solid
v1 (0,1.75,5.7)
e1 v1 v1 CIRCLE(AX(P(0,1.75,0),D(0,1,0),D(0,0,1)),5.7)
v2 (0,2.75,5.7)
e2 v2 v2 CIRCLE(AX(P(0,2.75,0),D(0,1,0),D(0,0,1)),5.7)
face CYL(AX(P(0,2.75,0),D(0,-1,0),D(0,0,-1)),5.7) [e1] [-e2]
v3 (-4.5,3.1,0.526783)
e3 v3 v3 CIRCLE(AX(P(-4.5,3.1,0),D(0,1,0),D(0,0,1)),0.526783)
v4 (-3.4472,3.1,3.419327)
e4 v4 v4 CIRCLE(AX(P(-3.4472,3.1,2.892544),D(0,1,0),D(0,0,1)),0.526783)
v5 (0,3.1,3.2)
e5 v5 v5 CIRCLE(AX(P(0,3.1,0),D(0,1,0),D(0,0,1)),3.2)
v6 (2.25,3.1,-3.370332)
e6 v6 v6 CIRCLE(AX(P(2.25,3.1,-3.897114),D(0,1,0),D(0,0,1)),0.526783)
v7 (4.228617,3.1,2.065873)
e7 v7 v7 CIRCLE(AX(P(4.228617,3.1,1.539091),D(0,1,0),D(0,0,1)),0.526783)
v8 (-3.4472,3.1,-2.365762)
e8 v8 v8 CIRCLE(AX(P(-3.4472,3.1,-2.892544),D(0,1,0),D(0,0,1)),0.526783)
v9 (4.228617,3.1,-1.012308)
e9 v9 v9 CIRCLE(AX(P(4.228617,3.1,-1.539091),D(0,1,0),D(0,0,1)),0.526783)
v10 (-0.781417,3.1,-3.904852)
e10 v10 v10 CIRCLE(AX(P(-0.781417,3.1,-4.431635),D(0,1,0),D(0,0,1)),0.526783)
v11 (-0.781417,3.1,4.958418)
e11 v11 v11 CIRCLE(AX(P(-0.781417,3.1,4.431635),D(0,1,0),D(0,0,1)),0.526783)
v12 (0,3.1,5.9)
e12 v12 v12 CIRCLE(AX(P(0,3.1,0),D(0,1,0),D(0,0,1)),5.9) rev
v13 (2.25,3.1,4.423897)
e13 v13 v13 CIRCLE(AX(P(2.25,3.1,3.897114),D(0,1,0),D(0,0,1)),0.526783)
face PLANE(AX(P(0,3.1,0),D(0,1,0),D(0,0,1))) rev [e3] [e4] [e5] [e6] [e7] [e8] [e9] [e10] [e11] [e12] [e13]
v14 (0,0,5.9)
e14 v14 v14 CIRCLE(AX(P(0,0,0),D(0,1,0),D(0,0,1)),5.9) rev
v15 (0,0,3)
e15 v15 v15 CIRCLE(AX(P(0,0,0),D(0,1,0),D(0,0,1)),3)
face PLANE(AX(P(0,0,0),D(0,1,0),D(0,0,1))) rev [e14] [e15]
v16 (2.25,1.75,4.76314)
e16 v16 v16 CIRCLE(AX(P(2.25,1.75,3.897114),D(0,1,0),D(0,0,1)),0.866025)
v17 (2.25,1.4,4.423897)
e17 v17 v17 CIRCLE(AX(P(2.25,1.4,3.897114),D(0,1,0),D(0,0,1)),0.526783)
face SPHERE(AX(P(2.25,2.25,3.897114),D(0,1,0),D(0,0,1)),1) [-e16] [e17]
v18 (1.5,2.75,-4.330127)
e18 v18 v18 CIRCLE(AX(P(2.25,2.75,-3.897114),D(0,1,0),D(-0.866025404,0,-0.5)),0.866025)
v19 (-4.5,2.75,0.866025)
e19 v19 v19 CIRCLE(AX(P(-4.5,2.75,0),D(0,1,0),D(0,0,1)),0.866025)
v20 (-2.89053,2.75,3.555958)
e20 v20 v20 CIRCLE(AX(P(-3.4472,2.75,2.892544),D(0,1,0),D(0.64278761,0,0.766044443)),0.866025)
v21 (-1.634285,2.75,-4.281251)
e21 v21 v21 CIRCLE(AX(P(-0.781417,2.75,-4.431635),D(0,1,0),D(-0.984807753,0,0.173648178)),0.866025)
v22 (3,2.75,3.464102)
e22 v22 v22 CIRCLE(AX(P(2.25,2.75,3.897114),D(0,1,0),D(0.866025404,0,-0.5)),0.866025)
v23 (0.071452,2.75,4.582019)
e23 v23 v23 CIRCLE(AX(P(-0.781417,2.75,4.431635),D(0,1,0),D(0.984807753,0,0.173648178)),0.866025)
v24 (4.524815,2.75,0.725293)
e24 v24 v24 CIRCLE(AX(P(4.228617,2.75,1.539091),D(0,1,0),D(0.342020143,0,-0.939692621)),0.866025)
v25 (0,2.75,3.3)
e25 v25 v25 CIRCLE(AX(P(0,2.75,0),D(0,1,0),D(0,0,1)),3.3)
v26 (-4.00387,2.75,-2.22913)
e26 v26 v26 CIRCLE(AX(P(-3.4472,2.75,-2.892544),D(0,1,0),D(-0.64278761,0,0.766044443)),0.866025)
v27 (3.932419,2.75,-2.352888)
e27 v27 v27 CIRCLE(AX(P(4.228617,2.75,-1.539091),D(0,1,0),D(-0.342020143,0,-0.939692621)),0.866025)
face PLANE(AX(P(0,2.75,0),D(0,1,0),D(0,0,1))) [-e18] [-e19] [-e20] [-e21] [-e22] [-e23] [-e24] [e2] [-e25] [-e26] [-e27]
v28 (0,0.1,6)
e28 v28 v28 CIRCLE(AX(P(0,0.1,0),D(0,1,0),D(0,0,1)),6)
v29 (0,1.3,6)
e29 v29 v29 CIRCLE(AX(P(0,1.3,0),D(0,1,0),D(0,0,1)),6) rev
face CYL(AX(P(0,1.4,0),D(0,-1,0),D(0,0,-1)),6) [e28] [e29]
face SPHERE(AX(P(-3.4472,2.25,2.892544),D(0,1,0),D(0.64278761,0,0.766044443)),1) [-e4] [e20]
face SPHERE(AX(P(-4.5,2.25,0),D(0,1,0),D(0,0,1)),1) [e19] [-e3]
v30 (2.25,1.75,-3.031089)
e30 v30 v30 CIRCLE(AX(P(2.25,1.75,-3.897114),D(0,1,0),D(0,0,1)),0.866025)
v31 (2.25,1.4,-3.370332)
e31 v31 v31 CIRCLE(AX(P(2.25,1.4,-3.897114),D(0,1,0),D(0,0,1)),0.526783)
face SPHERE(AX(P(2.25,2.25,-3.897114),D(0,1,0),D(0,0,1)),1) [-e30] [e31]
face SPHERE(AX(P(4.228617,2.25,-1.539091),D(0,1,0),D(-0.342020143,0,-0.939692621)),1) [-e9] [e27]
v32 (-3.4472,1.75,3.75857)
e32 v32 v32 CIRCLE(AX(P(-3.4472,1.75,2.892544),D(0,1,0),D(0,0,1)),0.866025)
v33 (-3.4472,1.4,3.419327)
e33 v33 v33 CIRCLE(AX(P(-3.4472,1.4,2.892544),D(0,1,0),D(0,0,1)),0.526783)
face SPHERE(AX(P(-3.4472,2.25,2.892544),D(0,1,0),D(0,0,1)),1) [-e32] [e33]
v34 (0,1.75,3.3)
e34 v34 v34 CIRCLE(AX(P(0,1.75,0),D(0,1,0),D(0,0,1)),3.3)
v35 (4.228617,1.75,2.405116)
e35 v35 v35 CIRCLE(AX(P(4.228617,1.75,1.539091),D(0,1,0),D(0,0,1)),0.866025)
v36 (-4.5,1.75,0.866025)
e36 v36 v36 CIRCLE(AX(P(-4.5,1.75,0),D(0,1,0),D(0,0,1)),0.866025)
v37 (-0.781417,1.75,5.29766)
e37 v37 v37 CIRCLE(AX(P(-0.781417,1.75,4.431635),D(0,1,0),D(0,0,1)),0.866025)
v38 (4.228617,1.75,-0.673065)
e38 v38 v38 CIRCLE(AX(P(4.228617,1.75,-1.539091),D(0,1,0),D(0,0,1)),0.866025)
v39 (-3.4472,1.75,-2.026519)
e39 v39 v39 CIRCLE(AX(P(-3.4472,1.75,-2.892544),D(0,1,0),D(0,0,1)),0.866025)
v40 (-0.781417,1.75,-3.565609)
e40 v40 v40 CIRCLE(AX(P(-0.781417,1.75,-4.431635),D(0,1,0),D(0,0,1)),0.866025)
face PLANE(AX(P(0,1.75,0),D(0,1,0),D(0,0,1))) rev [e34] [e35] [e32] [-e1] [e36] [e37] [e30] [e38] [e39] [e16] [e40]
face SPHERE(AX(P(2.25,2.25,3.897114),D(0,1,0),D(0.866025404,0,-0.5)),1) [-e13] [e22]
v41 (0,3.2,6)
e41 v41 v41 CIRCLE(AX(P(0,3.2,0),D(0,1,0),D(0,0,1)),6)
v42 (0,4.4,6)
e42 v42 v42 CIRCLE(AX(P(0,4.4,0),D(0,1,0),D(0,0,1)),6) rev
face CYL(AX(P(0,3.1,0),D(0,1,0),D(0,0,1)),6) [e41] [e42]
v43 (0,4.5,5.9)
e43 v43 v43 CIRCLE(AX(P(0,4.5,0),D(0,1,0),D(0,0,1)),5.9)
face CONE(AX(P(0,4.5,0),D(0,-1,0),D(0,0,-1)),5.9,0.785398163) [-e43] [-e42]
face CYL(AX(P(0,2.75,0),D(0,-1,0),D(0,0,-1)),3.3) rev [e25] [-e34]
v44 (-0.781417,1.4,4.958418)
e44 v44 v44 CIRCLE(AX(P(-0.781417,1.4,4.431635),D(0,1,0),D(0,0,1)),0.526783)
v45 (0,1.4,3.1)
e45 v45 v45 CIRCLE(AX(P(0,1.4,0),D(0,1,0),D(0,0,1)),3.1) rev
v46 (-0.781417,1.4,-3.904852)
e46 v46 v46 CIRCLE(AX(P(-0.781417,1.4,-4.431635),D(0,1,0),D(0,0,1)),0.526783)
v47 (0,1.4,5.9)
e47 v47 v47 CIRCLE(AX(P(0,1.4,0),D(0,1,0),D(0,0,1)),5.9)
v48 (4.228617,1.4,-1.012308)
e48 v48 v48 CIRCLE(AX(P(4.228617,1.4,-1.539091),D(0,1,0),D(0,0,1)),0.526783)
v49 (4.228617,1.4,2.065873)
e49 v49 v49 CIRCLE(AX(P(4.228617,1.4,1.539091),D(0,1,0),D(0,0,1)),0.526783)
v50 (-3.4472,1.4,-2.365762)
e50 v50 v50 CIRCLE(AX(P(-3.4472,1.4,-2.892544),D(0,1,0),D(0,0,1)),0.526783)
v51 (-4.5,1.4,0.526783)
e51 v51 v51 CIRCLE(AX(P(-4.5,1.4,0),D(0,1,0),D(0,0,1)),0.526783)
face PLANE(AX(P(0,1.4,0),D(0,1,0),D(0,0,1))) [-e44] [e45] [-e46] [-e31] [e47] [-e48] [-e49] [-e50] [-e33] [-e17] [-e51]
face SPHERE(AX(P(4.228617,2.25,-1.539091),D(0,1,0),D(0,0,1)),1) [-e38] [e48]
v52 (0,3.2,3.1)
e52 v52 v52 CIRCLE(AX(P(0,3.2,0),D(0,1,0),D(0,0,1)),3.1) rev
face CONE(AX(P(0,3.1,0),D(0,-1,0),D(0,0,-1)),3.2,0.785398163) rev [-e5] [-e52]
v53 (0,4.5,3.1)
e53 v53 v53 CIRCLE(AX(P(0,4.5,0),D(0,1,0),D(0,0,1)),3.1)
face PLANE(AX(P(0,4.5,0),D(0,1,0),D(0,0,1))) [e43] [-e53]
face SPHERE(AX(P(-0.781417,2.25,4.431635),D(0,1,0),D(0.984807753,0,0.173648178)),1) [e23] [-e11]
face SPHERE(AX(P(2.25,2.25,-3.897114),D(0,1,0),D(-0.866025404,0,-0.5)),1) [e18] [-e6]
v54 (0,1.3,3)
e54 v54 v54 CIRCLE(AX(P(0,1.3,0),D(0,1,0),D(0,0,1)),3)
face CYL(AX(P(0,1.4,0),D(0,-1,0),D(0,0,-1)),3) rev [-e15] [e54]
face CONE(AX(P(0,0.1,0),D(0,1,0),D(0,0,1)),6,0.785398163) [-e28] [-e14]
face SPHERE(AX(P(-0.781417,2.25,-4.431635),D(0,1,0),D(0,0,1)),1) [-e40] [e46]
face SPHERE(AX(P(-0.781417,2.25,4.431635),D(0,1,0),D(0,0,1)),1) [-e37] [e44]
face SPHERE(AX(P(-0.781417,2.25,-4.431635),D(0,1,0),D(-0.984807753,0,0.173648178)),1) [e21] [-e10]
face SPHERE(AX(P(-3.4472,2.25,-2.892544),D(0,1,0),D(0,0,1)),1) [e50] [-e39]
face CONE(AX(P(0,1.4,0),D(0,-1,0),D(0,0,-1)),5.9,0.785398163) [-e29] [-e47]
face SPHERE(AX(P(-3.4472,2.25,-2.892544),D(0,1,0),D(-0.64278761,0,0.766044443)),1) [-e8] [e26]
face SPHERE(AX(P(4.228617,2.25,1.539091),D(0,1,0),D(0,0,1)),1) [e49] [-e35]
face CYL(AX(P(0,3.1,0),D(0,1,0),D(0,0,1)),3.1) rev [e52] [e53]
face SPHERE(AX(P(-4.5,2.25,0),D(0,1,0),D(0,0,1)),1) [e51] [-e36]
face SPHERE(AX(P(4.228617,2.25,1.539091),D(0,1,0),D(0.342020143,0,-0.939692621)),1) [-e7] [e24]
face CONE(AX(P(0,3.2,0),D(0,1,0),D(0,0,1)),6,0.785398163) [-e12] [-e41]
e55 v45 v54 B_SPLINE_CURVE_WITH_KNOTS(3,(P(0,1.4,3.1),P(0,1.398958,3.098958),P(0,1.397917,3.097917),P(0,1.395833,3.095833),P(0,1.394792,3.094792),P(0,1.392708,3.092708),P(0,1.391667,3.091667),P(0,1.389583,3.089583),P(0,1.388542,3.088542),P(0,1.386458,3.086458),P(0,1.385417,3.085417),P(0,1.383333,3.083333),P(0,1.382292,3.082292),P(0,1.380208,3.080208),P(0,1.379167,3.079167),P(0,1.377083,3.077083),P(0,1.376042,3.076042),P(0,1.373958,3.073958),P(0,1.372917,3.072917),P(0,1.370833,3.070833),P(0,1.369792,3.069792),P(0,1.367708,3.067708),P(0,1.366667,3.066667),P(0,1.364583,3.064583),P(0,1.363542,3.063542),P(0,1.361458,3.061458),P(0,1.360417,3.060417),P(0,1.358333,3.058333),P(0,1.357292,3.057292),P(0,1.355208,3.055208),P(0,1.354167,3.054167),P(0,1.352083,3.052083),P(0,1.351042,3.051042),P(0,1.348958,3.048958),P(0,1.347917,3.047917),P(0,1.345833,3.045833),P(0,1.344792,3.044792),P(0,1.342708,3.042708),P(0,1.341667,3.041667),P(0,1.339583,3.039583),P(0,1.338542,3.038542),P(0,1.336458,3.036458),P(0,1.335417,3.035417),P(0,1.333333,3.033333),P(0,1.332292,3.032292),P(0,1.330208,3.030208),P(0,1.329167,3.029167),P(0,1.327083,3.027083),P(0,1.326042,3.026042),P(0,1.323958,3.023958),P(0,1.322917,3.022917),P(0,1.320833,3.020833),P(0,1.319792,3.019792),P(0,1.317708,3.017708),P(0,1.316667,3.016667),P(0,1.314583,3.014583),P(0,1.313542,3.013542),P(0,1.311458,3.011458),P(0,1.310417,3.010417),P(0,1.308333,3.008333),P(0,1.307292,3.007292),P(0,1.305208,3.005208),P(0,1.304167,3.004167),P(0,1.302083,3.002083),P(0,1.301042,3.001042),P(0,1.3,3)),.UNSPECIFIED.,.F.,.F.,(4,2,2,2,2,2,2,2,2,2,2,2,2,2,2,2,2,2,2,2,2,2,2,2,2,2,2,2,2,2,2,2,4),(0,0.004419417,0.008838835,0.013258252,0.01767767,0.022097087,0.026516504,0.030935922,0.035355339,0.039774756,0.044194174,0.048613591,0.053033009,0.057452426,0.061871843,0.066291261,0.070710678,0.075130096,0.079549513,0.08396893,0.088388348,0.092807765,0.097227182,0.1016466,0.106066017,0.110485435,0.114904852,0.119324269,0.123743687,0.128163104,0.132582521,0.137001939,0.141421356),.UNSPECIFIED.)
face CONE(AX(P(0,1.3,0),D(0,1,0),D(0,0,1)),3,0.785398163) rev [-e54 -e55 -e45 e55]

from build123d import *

# Parameters (mm, degrees)
SKETCH1_R           = 6
SKETCH1_R_2         = 3
BOSS_EXTRUDE1_DEPTH = 1.4
BOSS_EXTRUDE2_START = -1.4
SKETCH3_R           = 6
SKETCH3_R_2         = 3.1
BOSS_EXTRUDE2_DEPTH = 1.4
SKETCH5_R           = 5.7
SKETCH5_R_2         = 3.3
BOSS_EXTRUDE4_DEPTH = 0.5
CIRPATTERN2_COUNT   = 9
CIRPATTERN2_2_COUNT = 9
CHAMFER1_SIZE       = 0.1


with BuildPart() as part:
    # Sketch1 → Boss-Extrude1 (new body)
    with BuildSketch(Plane(origin=(0, 0, 0), x_dir=(1, 0, 0), z_dir=(0, 1, 0))):
        Circle(SKETCH1_R)
        Circle(SKETCH1_R_2, mode=Mode.SUBTRACT)
    extrude(amount=BOSS_EXTRUDE1_DEPTH)


with BuildPart() as body_2:
    # Sketch3 → Boss-Extrude2 (new body)
    with BuildSketch(Plane(origin=(0, 4.5, 0), x_dir=(1, 0, 0), z_dir=(0, 1, 0)).offset(BOSS_EXTRUDE2_START)):
        Circle(SKETCH3_R)
        Circle(SKETCH3_R_2, mode=Mode.SUBTRACT)
    extrude(amount=BOSS_EXTRUDE2_DEPTH)


with BuildPart() as body_3:
    # Sketch5 → Boss-Extrude4 (new, symmetric)
    with BuildSketch(Plane(origin=(0, 2.25, 0), x_dir=(1, 0, 0), z_dir=(0, 1, 0))):
        Circle(SKETCH5_R)
        Circle(SKETCH5_R_2, mode=Mode.SUBTRACT)
    extrude(amount=BOSS_EXTRUDE4_DEPTH, both=True)


with BuildPart() as cut_revolve1_tool:
    # Sketch2 → Cut-Revolve1 (revolve)
    with BuildSketch(Plane(origin=(0, 2.25, 0), x_dir=(1, 0, 0), z_dir=(0, 1, 0))):
        with BuildLine():
            Line((-4.5, 1), (-4.5, -1))
            ThreePointArc((-4.5, -1), (-5.5, 0), (-4.5, 1))
        make_face()
    cut_revolve1 = revolve(axis=Axis((-4.5, 2.25, -1), (0, 0, 1)))


with BuildPart() as part_1:
    add(part.part)

    # Cut-Revolve1: cut by cut_revolve1_tool
    add(cut_revolve1_tool.part, mode=Mode.SUBTRACT)

    # Sketch2<3> → Revolve1 (revolve)
    with BuildSketch(Plane(origin=(0, 2.25, 0), x_dir=(1, 0, 0), z_dir=(0, 1, 0))):
        with BuildLine():
            Line((-4.5, 1), (-4.5, -1))
            ThreePointArc((-4.5, -1), (-5.5, 0), (-4.5, 1))
        make_face()
    revolve1 = revolve(axis=Axis((-4.5, 2.25, -1), (0, 0, 1)))


with BuildPart() as body_2_1:
    add(body_2.part)

    # Cut-Revolve1: cut by cut_revolve1_tool
    add(cut_revolve1_tool.part, mode=Mode.SUBTRACT)


with BuildPart() as body_3_1:
    add(body_3.part)

    # Cut-Revolve1: cut by cut_revolve1_tool
    add(cut_revolve1_tool.part, mode=Mode.SUBTRACT)


with BuildPart() as cirpattern2_tool:
    # CirPattern2: Cut-Revolve1 ×9 about axis
    cirpattern2_axis = Axis((0, 1.4, 0), (0, -1, 0))
    for i in range(1, CIRPATTERN2_COUNT):
        add(cut_revolve1.rotate(cirpattern2_axis, i * 360 / CIRPATTERN2_COUNT))


with BuildPart() as part_2:
    add(part_1.part)

    # CirPattern2: cut by cirpattern2_tool
    add(cirpattern2_tool.part, mode=Mode.SUBTRACT)



with BuildPart() as body_2_2:
    add(body_2_1.part)

    # CirPattern2: cut by cirpattern2_tool
    add(cirpattern2_tool.part, mode=Mode.SUBTRACT)


with BuildPart() as body_3_2:
    add(body_3_1.part)

    # CirPattern2: cut by cirpattern2_tool
    add(cirpattern2_tool.part, mode=Mode.SUBTRACT)


with BuildPart() as part_3:
    add(part_2.part)

    add(body_2_2.part)  # CirPattern2 2 merges body 2

    add(body_3_2.part)  # CirPattern2 2 merges body 3
    # CirPattern2 2: Revolve1 ×9 about axis
    cirpattern2_2_axis = Axis((0, 1.4, 0), (0, -1, 0))
    for i in range(1, CIRPATTERN2_2_COUNT):
        add(revolve1.rotate(cirpattern2_2_axis, i * 360 / CIRPATTERN2_2_COUNT))

    # Chamfer1
    chamfer1_edges = [part_3.edges().sort_by_distance(p)[0] for p in [
        (-3, 1.4, 0),
        (-3.1, 3.1, 0),
        (-6, 1.4, 0),
        (-6, 3.1, 0),
        (-6, 0, 0),
        (-6, 4.5, 0),
    ]]
    chamfer(chamfer1_edges, length=CHAMFER1_SIZE)


solid = part_3.part
